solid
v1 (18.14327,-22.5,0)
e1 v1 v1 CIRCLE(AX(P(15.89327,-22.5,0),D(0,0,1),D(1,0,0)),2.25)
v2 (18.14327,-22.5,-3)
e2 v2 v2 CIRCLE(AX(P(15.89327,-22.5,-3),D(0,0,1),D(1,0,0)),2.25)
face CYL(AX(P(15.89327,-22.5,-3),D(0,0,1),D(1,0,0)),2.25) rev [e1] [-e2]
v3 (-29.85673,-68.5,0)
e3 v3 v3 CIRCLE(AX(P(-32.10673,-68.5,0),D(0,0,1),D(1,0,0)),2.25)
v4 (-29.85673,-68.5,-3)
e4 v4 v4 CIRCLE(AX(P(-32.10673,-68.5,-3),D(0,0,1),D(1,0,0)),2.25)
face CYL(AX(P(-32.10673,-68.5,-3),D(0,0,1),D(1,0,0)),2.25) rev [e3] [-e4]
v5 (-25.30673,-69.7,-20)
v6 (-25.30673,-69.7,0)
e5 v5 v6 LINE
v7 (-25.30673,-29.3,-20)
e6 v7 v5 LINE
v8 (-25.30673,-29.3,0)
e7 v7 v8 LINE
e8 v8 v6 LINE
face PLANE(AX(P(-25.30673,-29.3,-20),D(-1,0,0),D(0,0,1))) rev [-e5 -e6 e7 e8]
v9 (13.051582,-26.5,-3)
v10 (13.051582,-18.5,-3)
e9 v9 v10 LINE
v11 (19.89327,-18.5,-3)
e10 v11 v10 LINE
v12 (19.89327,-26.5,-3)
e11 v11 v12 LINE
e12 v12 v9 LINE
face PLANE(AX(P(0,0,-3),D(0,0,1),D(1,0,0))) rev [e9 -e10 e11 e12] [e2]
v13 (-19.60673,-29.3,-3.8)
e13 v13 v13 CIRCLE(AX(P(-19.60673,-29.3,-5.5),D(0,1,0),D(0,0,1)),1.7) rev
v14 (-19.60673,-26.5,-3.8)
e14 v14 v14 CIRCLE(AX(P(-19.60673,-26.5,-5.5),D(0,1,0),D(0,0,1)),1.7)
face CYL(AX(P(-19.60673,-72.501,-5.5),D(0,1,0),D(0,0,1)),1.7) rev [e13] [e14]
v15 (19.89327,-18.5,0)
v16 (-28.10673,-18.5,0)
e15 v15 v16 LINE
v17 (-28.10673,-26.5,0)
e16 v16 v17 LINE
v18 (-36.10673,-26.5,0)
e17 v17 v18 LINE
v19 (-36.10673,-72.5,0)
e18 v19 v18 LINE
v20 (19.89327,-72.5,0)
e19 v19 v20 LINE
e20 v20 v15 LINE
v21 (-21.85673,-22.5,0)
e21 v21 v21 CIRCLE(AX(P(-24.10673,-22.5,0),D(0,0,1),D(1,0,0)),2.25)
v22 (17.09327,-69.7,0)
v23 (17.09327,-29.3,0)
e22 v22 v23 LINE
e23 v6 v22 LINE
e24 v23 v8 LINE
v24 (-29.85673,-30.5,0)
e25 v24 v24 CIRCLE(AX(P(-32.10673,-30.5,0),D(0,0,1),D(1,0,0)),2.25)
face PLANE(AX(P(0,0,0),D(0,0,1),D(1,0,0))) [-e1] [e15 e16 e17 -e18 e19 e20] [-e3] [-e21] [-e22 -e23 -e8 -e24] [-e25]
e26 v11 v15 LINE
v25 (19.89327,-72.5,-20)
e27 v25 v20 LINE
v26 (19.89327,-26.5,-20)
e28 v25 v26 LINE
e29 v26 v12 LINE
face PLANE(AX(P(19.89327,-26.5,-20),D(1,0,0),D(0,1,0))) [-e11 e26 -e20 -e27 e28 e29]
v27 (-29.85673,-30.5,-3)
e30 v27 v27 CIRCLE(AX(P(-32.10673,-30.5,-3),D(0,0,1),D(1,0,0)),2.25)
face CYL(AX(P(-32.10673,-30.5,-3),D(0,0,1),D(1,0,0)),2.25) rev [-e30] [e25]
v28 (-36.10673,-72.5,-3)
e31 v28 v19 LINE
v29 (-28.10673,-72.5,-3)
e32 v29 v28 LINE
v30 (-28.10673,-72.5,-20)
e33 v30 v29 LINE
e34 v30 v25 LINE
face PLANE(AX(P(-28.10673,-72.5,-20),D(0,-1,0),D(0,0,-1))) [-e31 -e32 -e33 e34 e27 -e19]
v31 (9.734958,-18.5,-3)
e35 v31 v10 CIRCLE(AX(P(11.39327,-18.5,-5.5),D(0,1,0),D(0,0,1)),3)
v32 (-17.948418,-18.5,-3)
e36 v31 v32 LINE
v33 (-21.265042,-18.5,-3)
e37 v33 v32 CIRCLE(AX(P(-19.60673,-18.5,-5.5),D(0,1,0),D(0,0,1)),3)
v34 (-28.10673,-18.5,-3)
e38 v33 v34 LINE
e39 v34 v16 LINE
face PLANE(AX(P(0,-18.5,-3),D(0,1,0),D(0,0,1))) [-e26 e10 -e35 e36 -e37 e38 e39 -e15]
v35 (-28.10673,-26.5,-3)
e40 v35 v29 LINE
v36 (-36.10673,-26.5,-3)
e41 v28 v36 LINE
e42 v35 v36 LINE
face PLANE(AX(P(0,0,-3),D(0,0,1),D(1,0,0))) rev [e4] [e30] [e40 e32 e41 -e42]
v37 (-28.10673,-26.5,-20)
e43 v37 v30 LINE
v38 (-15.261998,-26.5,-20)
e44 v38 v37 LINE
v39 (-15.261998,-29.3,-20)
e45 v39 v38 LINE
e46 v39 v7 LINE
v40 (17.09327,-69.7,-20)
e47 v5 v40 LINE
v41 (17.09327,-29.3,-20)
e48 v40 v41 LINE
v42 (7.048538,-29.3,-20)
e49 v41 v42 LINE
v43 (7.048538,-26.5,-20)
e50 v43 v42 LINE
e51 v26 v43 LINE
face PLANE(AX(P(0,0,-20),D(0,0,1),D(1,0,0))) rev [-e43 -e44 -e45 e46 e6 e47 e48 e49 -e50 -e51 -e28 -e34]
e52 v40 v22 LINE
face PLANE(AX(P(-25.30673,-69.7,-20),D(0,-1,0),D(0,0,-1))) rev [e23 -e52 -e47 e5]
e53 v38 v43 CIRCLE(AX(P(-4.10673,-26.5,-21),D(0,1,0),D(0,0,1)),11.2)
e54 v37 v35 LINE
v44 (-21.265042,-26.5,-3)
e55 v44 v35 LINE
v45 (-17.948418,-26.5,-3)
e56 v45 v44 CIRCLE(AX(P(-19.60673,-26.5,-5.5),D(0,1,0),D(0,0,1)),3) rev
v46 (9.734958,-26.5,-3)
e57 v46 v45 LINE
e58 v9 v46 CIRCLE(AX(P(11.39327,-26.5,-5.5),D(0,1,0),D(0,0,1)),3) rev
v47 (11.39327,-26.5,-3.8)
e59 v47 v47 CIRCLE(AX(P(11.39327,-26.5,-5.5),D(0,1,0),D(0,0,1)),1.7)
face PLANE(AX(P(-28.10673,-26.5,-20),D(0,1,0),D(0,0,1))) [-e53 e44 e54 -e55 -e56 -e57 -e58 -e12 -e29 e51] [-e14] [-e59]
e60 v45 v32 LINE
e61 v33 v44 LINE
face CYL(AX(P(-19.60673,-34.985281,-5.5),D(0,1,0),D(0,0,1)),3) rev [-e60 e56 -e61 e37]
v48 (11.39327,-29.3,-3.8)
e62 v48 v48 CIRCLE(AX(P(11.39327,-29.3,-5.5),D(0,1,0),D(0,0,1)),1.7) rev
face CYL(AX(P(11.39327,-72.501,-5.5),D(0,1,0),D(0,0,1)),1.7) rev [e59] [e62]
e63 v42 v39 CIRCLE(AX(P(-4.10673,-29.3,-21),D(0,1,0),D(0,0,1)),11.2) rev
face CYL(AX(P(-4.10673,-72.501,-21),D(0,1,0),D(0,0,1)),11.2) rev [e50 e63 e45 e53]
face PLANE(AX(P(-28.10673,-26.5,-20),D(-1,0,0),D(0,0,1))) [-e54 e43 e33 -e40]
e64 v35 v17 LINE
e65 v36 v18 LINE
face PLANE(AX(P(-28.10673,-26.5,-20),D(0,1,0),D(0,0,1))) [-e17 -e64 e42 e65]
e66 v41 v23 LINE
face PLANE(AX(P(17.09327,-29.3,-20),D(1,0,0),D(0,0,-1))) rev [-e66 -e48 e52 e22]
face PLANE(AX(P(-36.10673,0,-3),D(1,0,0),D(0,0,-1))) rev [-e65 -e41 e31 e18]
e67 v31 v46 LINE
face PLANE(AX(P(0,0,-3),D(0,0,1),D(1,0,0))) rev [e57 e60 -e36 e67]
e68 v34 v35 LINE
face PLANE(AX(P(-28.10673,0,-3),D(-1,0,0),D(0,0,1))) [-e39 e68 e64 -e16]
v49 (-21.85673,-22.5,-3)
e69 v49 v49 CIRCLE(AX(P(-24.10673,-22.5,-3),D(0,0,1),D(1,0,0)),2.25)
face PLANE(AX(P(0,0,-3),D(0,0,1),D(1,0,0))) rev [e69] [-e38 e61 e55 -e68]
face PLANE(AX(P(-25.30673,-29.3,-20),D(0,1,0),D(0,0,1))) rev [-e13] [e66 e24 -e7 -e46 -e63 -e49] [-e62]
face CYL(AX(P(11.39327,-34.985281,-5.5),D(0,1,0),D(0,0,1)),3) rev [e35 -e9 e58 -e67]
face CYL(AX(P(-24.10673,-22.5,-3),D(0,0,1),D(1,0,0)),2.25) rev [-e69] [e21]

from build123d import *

# Parameters (mm, degrees)
SKETCH1_W           = 48
SKETCH1_H           = 46
SKETCH1_W_2         = 42.4
SKETCH1_H_2         = 40.4
BOSS_EXTRUDE1_DEPTH = 20
CUT_EXTRUDE1_REACH  = 59.498
SKETCH3_R           = 11.2
CUT_EXTRUDE2_REACH  = 59.498
SKETCH5_R           = 1.7
SKETCH6_W           = 8
SKETCH6_H           = 46
SKETCH6_R           = 2.25
SKETCH6_W_2         = 48
SKETCH6_H_2         = 8
BOSS_EXTRUDE2_DEPTH = 3
SKETCH7_R           = 3
CUT_EXTRUDE3_DEPTH  = 8


with BuildPart() as part:
    # Sketch1 → Boss-Extrude1 (new body)
    with BuildSketch(Plane.XY):
        with Locations((-4.106729999, -49.5)):
            Rectangle(SKETCH1_W, SKETCH1_H)
        with Locations((-4.106729999, -49.5)):
            Rectangle(SKETCH1_W_2, SKETCH1_H_2, mode=Mode.SUBTRACT)
    extrude(amount=-BOSS_EXTRUDE1_DEPTH)

    # Sketch3 → Cut-Extrude1 (cut, up to next)
    with BuildSketch(Plane(origin=(0, -26.5, 0), x_dir=(1, 0, 0), z_dir=(0, 1, 0)), mode=Mode.PRIVATE) as cut_extrude1_sk1:
        with Locations((-4.106729999, 21)):
            Circle(SKETCH3_R)
    cut_extrude1_tool1 = extrude(cut_extrude1_sk1.sketch, amount=-CUT_EXTRUDE1_REACH, mode=Mode.PRIVATE) & part.part
    add(cut_extrude1_tool1.solids().sort_by_distance((-4.10673, -26.5, -21))[0], mode=Mode.SUBTRACT)

    # Sketch5 → Cut-Extrude2 (cut, up to next)
    with BuildSketch(Plane(origin=(0, -26.5, 0), x_dir=(1, 0, 0), z_dir=(0, 1, 0)), mode=Mode.PRIVATE) as cut_extrude2_sk1:
        with Locations(Location((11.393270001, 5.5, 0), (0, 0, 270))):
            Circle(SKETCH5_R)
    cut_extrude2_tool1 = extrude(cut_extrude2_sk1.sketch, amount=-CUT_EXTRUDE2_REACH, mode=Mode.PRIVATE) & part.part
    # Sketch5 → Cut-Extrude2 (cut, up to next)
    with BuildSketch(Plane(origin=(0, -26.5, 0), x_dir=(1, 0, 0), z_dir=(0, 1, 0)), mode=Mode.PRIVATE) as cut_extrude2_sk2:
        with Locations(Location((-19.606729999, 5.5, 0), (0, 0, 270))):
            Circle(SKETCH5_R)
    cut_extrude2_tool2 = extrude(cut_extrude2_sk2.sketch, amount=-CUT_EXTRUDE2_REACH, mode=Mode.PRIVATE) & part.part
    add(cut_extrude2_tool1.solids().sort_by_distance((11.39327, -26.5, -5.5))[0], mode=Mode.SUBTRACT)
    add(cut_extrude2_tool2.solids().sort_by_distance((-19.60673, -26.5, -5.5))[0], mode=Mode.SUBTRACT)

    # Sketch6 → Boss-Extrude2 (add)
    # profile 1 of 2: a face of its own
    with BuildSketch(Plane.XY):
        with Locations((-32.106729999, -49.5)):
            Rectangle(SKETCH6_W, SKETCH6_H)
        with Locations((-32.106729999, -68.5)):
            Circle(SKETCH6_R, mode=Mode.SUBTRACT)
        with Locations((-32.106729999, -30.5)):
            Circle(SKETCH6_R, mode=Mode.SUBTRACT)
    # profile 2 of 2: a face of its own
    with BuildSketch(Plane.XY):
        with Locations((-4.106729999, -22.5)):
            Rectangle(SKETCH6_W_2, SKETCH6_H_2)
        with Locations((-24.106729999, -22.5)):
            Circle(SKETCH6_R, mode=Mode.SUBTRACT)
        with Locations((15.893270001, -22.5)):
            Circle(SKETCH6_R, mode=Mode.SUBTRACT)
    extrude(amount=-BOSS_EXTRUDE2_DEPTH)

    # Sketch7 → Cut-Extrude3 (cut)
    with BuildSketch(Plane(origin=(0, -18.5, 0), x_dir=(1, 0, 0), z_dir=(0, 1, 0))):
        with Locations((11.393270001, 5.5)):
            Circle(SKETCH7_R)
        with Locations((-19.606729999, 5.5)):
            Circle(SKETCH7_R)
    extrude(amount=-CUT_EXTRUDE3_DEPTH, mode=Mode.SUBTRACT)


solid = part.part
